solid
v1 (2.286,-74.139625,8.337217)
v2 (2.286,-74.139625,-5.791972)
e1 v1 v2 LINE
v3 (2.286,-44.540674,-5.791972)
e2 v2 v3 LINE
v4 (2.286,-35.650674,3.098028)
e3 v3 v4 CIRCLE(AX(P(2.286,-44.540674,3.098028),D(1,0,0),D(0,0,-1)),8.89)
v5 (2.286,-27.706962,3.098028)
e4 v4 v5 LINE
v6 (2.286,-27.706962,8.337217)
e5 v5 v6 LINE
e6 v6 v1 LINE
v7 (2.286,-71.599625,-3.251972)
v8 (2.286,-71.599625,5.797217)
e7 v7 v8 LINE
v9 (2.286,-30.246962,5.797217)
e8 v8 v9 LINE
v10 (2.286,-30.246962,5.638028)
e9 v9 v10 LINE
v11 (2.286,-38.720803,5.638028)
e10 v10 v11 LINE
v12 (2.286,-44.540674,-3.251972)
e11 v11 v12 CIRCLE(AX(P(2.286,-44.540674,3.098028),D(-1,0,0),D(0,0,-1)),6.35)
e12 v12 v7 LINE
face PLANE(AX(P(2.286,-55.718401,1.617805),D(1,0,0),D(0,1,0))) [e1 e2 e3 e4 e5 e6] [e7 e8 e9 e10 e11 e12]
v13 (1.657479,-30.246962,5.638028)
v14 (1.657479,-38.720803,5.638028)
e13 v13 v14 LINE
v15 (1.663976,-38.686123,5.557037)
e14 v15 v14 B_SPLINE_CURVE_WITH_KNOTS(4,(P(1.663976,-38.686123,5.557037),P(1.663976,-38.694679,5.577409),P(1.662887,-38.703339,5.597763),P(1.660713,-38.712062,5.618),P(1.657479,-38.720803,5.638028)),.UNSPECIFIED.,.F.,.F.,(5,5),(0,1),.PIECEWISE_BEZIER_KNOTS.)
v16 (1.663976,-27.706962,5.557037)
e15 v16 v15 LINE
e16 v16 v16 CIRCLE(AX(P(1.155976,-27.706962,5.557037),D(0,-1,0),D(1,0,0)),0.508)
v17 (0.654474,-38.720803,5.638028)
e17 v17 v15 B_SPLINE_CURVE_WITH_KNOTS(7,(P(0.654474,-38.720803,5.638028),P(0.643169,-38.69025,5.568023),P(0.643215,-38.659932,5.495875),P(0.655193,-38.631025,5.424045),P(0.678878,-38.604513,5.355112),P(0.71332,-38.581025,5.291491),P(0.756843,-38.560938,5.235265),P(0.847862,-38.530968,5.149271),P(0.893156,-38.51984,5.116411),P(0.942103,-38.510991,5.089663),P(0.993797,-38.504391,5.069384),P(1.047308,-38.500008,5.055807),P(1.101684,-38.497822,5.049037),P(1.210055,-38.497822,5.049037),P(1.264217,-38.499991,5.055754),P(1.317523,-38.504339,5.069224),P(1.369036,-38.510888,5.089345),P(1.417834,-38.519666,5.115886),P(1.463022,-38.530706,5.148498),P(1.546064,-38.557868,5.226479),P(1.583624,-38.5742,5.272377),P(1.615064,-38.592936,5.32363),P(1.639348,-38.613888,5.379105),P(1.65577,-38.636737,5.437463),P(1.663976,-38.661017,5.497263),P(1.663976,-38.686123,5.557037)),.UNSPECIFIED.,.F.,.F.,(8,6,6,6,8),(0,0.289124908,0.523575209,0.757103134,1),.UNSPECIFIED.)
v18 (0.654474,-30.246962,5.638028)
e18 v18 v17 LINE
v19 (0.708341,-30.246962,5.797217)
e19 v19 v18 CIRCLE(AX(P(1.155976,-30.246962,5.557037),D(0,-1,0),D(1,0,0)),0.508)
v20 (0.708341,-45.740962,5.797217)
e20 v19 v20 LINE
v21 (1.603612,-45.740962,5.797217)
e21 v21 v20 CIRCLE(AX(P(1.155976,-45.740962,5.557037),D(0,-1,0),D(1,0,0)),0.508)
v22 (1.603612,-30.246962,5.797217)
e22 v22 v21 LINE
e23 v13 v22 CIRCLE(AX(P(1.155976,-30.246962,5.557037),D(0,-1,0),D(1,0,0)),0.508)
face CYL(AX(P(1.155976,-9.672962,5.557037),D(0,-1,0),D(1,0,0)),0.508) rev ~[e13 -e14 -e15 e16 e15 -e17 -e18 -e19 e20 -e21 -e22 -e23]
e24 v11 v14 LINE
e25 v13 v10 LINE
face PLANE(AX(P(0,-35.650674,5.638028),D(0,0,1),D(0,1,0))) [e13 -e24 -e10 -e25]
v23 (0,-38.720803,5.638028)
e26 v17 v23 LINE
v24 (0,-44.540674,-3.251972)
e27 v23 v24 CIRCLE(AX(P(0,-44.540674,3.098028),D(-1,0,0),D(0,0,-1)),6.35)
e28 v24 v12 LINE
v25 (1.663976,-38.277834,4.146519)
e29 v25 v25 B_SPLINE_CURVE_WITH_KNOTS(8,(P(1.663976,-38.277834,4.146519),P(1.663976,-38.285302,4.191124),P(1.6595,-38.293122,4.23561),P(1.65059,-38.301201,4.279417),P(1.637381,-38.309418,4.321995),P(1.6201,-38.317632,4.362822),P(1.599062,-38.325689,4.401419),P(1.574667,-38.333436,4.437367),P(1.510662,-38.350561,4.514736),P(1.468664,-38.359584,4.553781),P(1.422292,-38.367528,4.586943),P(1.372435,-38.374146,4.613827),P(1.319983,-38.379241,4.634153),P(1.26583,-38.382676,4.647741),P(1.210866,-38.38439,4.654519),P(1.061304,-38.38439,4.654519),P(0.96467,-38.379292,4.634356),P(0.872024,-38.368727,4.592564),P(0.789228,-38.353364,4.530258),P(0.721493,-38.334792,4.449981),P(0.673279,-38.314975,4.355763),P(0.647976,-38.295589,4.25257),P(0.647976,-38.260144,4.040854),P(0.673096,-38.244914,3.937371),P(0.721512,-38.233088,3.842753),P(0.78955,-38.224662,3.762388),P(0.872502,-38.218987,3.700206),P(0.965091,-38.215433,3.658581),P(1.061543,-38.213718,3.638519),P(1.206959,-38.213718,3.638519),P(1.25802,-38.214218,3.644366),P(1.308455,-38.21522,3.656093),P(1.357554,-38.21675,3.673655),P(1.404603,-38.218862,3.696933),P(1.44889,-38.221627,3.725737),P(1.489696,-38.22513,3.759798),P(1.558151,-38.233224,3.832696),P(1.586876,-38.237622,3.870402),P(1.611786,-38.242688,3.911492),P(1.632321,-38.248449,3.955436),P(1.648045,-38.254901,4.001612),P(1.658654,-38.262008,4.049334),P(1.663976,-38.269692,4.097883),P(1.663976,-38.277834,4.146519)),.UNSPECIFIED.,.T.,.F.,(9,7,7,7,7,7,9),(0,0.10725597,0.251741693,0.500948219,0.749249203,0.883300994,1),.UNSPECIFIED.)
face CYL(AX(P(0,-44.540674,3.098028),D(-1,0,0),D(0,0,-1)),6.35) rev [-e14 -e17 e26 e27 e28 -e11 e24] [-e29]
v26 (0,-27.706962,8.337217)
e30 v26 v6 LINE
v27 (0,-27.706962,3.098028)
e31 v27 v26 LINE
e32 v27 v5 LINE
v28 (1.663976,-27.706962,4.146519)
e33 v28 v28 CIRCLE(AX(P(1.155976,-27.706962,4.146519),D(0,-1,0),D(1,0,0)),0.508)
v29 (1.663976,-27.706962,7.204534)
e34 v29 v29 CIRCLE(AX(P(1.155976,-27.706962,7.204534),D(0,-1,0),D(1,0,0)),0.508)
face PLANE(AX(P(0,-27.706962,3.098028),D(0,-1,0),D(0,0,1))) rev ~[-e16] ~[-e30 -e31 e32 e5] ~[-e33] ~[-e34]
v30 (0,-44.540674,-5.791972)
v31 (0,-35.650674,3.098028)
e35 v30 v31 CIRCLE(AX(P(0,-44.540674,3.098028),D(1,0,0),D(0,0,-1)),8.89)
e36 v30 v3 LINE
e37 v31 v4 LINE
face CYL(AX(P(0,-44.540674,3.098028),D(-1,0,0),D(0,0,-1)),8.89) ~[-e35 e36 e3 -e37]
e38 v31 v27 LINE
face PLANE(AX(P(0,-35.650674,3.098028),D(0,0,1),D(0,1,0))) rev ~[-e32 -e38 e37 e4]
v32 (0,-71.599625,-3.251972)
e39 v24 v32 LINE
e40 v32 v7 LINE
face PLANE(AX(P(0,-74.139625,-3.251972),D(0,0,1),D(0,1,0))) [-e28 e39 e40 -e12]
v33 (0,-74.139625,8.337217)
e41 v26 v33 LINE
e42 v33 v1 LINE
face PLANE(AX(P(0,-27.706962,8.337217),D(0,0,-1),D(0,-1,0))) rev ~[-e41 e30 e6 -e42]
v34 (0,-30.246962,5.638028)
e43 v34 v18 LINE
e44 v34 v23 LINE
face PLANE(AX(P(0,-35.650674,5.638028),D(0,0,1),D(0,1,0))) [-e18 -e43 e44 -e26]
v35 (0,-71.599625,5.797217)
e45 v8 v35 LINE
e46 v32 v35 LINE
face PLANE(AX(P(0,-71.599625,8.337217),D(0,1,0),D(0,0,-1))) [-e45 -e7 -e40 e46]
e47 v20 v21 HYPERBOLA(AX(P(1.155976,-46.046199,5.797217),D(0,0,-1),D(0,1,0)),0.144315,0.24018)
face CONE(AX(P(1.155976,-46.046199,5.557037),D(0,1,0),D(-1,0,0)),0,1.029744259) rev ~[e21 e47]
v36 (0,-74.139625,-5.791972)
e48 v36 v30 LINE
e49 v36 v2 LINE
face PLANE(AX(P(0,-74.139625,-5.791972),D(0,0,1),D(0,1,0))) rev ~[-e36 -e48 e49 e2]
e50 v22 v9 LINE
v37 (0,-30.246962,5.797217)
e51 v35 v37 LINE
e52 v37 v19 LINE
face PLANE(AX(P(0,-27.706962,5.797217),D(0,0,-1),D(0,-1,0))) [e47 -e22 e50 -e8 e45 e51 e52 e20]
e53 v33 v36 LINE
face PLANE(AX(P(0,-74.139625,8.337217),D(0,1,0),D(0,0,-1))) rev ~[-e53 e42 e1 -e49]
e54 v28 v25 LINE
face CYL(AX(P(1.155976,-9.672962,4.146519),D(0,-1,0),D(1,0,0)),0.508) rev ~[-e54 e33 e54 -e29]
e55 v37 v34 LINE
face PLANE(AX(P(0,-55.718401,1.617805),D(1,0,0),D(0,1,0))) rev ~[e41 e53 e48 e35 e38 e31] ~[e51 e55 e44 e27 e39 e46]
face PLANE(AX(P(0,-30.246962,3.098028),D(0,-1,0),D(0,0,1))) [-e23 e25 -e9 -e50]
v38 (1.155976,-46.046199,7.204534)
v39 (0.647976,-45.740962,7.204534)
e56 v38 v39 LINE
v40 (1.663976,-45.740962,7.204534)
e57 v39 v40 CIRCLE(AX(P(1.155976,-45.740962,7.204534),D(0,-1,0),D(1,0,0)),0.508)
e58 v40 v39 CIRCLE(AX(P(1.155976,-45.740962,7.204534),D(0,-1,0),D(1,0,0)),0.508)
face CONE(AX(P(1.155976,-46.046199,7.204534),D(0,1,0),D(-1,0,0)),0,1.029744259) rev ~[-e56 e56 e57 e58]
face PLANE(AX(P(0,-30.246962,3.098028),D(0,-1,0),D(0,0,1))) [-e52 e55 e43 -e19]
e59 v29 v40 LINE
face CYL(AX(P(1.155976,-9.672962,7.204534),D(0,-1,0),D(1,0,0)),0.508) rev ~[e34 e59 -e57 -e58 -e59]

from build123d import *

# Parameters (mm, degrees)
F1_DEPTH = 2.286
F2_T     = -2.54
F4_D     = 1.016
F4_DEPTH = 18.034
F4_TIP   = 0.3052371945


with BuildPart() as f1:
    # F0 (on Right) → F1 (new body)
    with BuildSketch(Plane.YZ):
        with BuildLine():
            Line((-35.6506742537, 8.3372171661), (-74.139625051, 8.3372171661))
            Line((-74.139625051, 8.3372171661), (-74.139625051, -5.7919719098))
            Line((-74.139625051, -5.7919719098), (-44.5406742537, -5.7919719098))
            ThreePointArc((-44.5406742537, -5.7919719098), (-38.254494969, -3.1881511945), (-35.6506742537, 3.0980280902))
            Line((-35.6506742537, 3.0980280902), (-35.6506742537, 8.3372171661))
        make_face()
        Polygon((-27.7069620788, 8.3372171661), (-35.6506742537, 3.0980280902), (-27.7069620788, 3.0980280902), align=None)
        Polygon((-27.7069620788, 8.3372171661), (-35.6506742537, 8.3372171661), (-35.6506742537, 3.0980280902), align=None)
    extrude(amount=F1_DEPTH)

    # F2
    f2_openings = [f1.faces().sort_by_distance(p)[0] for p in [
        (2.286, -53.710375, 1.749572),
        (0, -53.710375, 1.749572),
    ]]
    offset(amount=F2_T, openings=f2_openings, kind=Kind.INTERSECTION)

    # F4
    with Locations(Plane(origin=(0, -27.7069620788, 0), x_dir=(-1, 0, 0), z_dir=(0, 1, 0))):
        with Locations((-1.1559764389, 7.2045344859), (-1.1559764389, 5.5570374243), (-1.1559764389, 4.1465191171)):
            Hole(F4_D / 2, depth=F4_DEPTH)
            with Locations((0, 0, -(F4_DEPTH + F4_TIP / 2))):  # 118° drill point
                Cone(0, F4_D / 2, F4_TIP, mode=Mode.SUBTRACT)


solid = f1.part
